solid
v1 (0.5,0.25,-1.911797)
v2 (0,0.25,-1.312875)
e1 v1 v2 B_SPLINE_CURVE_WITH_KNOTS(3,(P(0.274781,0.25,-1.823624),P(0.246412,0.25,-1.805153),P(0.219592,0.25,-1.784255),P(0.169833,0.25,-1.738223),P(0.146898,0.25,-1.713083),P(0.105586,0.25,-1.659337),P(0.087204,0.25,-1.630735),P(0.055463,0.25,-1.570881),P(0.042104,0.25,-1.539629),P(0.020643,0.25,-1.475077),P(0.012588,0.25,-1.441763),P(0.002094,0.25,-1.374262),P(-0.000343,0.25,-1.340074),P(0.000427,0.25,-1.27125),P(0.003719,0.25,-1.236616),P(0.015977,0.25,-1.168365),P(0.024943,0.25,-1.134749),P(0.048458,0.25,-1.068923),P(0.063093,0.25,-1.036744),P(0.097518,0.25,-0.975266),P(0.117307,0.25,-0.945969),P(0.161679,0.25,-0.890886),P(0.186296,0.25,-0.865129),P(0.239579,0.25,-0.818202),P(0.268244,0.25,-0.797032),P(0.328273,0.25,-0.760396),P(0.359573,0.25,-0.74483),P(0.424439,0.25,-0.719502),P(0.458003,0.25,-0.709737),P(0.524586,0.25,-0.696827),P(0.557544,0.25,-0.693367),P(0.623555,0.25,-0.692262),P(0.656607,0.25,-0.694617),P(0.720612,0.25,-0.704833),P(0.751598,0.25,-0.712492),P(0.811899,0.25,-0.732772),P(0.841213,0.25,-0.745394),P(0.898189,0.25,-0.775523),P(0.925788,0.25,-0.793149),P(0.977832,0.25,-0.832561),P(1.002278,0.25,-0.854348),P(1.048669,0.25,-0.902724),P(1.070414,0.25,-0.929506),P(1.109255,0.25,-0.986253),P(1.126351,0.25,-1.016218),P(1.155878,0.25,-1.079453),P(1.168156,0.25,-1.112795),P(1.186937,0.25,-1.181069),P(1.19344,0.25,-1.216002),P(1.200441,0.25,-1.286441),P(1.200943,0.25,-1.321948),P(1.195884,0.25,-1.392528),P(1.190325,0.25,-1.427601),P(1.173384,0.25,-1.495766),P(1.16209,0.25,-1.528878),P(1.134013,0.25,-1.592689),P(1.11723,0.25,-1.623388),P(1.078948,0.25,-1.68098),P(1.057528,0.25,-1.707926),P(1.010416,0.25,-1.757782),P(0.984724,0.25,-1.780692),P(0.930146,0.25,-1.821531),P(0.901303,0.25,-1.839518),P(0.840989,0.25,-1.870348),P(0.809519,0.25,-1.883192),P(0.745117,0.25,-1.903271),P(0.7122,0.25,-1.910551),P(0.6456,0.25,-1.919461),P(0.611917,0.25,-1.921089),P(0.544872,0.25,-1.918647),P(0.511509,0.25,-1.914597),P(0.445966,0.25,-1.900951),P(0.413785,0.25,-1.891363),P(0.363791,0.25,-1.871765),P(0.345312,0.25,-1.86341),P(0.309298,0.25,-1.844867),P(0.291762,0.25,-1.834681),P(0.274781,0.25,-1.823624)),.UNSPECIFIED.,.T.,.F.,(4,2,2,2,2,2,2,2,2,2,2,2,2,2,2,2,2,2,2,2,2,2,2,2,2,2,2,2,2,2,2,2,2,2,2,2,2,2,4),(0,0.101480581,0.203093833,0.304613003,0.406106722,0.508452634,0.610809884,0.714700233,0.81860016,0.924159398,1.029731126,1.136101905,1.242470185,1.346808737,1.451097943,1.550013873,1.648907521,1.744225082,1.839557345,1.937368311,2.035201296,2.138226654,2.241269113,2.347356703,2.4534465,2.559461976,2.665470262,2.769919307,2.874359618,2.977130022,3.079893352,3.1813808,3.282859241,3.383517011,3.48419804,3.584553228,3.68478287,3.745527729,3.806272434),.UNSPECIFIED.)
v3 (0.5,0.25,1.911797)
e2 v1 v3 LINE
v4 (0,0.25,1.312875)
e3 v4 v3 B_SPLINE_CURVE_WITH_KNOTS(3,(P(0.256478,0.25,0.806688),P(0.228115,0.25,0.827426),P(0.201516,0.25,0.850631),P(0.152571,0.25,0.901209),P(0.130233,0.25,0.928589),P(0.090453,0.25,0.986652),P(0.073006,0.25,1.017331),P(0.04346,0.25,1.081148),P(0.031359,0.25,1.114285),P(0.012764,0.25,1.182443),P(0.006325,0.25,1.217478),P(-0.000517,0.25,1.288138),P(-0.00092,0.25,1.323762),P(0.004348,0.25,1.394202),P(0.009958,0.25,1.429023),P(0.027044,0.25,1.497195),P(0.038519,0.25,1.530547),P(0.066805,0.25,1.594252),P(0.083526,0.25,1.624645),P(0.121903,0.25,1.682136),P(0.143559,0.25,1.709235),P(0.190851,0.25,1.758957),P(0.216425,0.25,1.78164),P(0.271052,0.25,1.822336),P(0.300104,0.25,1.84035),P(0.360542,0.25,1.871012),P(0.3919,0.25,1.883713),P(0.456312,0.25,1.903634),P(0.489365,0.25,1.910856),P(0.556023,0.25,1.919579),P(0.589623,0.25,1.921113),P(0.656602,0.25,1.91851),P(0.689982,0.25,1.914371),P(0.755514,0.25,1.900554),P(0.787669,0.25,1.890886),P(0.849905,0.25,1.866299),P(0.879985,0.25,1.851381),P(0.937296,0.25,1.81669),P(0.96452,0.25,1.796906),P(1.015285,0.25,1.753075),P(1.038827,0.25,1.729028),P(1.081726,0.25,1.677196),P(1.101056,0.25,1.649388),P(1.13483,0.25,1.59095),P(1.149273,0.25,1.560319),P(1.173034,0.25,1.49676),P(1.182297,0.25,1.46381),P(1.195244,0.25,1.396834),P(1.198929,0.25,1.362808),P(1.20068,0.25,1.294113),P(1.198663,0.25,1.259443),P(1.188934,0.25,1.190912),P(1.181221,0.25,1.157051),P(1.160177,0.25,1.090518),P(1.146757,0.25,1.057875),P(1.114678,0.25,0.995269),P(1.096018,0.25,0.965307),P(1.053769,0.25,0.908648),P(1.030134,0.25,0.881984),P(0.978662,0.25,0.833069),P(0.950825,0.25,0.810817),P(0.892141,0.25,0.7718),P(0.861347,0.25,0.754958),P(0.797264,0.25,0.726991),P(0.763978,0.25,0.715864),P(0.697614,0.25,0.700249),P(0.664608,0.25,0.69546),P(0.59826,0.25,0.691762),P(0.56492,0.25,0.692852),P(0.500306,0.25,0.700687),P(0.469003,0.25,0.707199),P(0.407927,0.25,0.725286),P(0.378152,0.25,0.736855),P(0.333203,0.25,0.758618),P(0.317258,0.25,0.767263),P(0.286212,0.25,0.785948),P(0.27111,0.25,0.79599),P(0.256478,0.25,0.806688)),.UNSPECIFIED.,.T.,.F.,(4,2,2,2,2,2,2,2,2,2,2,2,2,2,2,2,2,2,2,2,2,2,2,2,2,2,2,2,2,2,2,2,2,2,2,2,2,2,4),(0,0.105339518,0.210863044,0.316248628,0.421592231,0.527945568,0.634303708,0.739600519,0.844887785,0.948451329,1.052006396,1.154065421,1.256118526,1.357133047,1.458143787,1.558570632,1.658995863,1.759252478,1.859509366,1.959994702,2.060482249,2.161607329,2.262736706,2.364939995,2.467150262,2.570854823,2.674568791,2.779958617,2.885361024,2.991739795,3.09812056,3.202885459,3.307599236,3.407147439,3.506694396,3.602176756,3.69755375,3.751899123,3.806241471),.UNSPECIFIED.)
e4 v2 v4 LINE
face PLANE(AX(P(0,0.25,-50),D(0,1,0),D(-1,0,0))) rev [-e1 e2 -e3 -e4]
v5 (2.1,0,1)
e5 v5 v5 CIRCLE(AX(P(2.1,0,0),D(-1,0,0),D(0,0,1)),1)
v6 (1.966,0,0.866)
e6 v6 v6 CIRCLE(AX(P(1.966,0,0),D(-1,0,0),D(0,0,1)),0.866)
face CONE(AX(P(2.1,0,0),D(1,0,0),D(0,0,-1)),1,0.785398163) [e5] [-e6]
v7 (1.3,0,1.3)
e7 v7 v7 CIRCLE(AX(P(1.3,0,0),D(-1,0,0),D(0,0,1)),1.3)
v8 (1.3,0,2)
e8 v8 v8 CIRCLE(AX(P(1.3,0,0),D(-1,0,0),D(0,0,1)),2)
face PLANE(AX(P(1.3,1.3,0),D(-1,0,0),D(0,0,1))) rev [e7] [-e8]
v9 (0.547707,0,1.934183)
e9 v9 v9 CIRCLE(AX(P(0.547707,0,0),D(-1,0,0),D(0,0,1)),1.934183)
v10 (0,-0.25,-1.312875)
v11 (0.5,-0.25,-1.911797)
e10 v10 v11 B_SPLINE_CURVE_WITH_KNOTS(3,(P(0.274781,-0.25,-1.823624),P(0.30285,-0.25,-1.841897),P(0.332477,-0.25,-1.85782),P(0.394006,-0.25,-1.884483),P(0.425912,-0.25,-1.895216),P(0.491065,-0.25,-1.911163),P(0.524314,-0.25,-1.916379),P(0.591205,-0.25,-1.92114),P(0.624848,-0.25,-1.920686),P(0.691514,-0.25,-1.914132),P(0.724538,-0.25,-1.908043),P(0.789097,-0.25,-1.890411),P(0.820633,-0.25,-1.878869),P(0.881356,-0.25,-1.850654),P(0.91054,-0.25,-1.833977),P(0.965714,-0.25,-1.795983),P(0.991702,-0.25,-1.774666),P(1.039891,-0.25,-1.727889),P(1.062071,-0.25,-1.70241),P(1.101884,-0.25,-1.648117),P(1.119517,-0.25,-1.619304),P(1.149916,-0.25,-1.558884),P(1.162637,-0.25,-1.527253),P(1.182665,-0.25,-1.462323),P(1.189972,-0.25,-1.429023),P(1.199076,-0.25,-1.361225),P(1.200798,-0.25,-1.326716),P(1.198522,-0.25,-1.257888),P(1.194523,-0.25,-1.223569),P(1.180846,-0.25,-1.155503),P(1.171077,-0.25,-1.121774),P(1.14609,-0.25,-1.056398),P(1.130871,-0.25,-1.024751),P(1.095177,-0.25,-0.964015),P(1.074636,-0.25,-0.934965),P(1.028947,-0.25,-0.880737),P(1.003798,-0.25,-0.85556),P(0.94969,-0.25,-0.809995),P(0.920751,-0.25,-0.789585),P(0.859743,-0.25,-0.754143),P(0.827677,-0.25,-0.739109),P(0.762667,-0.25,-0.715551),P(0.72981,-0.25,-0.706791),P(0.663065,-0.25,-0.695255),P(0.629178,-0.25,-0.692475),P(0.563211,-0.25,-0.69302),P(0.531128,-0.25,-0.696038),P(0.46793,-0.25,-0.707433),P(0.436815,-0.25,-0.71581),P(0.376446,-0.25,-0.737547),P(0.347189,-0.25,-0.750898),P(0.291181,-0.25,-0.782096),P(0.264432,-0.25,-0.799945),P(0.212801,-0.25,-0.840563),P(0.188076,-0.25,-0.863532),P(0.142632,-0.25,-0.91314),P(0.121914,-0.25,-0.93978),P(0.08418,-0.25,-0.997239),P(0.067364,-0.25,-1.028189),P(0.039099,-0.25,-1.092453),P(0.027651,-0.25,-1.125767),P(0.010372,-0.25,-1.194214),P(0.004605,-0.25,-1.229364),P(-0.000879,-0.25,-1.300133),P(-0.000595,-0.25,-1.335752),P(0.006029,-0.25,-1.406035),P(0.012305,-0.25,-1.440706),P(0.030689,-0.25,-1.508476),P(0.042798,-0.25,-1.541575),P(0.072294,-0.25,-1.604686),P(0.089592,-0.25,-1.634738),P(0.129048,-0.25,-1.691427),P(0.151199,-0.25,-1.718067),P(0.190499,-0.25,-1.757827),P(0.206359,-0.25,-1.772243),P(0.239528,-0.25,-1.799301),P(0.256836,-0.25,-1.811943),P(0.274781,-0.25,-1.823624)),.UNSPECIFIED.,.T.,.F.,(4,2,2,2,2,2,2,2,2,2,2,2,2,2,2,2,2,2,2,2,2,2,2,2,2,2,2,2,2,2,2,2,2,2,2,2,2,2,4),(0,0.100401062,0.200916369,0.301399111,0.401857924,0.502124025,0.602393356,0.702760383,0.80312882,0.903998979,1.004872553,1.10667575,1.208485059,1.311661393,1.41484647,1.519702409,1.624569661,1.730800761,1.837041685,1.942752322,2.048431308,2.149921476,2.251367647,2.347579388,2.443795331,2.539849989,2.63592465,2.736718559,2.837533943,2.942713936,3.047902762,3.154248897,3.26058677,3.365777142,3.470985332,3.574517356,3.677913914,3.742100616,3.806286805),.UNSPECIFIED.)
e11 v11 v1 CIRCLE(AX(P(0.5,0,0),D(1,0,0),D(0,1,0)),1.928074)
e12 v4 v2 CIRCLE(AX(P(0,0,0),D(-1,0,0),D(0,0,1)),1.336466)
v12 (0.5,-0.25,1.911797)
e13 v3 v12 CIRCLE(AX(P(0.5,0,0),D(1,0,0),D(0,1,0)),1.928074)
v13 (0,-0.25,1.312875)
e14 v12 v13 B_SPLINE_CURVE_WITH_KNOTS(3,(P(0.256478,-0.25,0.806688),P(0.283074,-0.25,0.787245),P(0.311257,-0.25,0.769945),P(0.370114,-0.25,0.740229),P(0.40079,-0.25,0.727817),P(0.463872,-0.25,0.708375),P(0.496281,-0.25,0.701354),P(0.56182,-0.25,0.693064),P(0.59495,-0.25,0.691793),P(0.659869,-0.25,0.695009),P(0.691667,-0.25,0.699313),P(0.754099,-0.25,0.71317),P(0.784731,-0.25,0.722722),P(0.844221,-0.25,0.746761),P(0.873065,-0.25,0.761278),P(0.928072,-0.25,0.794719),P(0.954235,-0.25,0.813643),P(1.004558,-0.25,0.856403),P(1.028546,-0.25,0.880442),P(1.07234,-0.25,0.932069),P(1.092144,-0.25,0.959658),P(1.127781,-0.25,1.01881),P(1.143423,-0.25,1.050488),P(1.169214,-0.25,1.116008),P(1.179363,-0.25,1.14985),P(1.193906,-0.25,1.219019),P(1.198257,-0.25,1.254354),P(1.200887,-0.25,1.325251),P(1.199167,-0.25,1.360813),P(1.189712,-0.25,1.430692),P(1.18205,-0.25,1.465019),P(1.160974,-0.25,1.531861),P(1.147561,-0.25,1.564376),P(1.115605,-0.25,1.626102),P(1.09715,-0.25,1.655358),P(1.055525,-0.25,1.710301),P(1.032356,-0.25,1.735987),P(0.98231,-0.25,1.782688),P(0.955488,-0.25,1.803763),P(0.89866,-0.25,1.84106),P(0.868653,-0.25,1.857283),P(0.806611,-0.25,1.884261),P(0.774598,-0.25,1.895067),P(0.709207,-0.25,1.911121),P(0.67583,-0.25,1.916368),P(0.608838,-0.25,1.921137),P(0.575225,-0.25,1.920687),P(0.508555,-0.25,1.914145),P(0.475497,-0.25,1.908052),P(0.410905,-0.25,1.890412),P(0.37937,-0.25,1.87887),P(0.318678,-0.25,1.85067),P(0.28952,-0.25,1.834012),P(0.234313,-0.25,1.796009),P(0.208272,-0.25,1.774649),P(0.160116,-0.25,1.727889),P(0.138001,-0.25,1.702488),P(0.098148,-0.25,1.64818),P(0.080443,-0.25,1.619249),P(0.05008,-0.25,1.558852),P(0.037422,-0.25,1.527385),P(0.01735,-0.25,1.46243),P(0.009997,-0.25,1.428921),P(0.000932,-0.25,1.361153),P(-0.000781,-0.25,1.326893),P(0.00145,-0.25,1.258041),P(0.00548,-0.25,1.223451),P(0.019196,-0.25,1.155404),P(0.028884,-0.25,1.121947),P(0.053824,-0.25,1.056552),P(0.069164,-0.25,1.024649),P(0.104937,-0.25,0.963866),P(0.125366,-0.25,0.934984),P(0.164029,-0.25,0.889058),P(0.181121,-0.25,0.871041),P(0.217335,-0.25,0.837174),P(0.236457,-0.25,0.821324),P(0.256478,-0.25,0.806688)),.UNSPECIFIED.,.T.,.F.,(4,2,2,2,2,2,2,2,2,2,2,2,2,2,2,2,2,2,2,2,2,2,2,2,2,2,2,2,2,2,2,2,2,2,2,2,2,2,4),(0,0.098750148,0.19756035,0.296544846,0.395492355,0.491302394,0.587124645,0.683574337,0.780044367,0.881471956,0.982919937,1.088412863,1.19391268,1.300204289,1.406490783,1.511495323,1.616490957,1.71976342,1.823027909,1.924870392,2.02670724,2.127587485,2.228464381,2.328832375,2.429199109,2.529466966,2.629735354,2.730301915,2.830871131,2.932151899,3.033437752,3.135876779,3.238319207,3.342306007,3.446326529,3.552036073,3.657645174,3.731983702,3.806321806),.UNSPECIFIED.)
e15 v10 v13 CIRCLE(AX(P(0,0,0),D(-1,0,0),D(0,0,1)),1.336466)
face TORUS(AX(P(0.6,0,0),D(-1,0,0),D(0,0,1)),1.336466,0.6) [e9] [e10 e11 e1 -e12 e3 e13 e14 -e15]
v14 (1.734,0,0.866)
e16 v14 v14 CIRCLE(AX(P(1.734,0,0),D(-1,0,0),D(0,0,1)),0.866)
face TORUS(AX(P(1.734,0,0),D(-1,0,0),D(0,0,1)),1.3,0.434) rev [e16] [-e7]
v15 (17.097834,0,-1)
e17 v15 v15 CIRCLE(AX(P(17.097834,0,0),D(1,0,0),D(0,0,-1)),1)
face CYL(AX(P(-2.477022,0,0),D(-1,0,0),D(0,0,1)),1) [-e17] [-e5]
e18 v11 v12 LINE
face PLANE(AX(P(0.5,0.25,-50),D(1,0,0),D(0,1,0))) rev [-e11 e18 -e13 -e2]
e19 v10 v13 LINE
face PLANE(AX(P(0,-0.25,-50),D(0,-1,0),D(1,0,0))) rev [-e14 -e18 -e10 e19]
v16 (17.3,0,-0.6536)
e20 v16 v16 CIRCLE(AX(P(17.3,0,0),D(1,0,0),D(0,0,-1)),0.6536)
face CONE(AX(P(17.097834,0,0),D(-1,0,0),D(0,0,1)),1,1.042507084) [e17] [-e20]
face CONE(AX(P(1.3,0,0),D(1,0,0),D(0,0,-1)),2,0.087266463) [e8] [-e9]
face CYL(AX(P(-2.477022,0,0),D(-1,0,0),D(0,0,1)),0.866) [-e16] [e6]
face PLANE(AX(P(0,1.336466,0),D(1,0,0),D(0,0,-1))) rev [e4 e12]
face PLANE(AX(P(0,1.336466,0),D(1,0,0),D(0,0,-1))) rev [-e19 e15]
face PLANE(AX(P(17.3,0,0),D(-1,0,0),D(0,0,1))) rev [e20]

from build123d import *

# Parameters (mm, degrees)
SKETCH_4_W          = 0.5
SKETCH_4_H          = 0.5
CUT_EXTRUDE_1_DEPTH = 50


with BuildPart() as part:
    # 草图3 → Revolve 928 (revolve)
    with BuildSketch(Plane.XY, mode=Mode.PRIVATE) as revolve_928_sk:
        with BuildLine():
            Line((0, 0), (17.3, 0))
            Line((17.3, 0), (17.3, 1))
            Line((17.3, 1), (2.1, 1))
            Line((2.1, 1), (1.966, 0.866))
            Line((1.966, 0.866), (1.734, 0.866))
            ThreePointArc((1.734, 0.866), (1.427115657, 0.993115657), (1.3, 1.3))
            Line((1.3, 1.3), (1.3, 2))
            Line((1.3, 2), (0.547706554, 1.934182852))
            ThreePointArc((0.547706554, 1.934182852), (0.157633598, 1.741820158), (0, 1.336466033))
            Line((0, 1.336466033), (0, 0))
        make_face()
    revolve(revolve_928_sk.sketch.rotate(Axis((-2.477021524, 0, 0), (1, 0, 0)), 90), axis=Axis((-2.477021524, 0, 0), (1, 0, 0)))

    # 草图4 → 切除-拉伸1 (cut, symmetric)
    with BuildSketch(Plane.XY):
        with Locations((0.25, 0)):
            Rectangle(SKETCH_4_W, SKETCH_4_H)
    extrude(amount=CUT_EXTRUDE_1_DEPTH, both=True, mode=Mode.SUBTRACT)

    # 草图5 → 切除-旋转1 (revolve, cut)
    with BuildSketch(Plane.XY, mode=Mode.PRIVATE) as cut_revolve_1_sk:
        Polygon((17.097833598, 1), (17.497833598, 1), (17.3, 0.6536), align=None)
    revolve(cut_revolve_1_sk.sketch.rotate(Axis((6.174994867, 0, 0), (-1, 0, 0)), 270), axis=Axis((6.174994867, 0, 0), (-1, 0, 0)), mode=Mode.SUBTRACT)


solid = part.part
